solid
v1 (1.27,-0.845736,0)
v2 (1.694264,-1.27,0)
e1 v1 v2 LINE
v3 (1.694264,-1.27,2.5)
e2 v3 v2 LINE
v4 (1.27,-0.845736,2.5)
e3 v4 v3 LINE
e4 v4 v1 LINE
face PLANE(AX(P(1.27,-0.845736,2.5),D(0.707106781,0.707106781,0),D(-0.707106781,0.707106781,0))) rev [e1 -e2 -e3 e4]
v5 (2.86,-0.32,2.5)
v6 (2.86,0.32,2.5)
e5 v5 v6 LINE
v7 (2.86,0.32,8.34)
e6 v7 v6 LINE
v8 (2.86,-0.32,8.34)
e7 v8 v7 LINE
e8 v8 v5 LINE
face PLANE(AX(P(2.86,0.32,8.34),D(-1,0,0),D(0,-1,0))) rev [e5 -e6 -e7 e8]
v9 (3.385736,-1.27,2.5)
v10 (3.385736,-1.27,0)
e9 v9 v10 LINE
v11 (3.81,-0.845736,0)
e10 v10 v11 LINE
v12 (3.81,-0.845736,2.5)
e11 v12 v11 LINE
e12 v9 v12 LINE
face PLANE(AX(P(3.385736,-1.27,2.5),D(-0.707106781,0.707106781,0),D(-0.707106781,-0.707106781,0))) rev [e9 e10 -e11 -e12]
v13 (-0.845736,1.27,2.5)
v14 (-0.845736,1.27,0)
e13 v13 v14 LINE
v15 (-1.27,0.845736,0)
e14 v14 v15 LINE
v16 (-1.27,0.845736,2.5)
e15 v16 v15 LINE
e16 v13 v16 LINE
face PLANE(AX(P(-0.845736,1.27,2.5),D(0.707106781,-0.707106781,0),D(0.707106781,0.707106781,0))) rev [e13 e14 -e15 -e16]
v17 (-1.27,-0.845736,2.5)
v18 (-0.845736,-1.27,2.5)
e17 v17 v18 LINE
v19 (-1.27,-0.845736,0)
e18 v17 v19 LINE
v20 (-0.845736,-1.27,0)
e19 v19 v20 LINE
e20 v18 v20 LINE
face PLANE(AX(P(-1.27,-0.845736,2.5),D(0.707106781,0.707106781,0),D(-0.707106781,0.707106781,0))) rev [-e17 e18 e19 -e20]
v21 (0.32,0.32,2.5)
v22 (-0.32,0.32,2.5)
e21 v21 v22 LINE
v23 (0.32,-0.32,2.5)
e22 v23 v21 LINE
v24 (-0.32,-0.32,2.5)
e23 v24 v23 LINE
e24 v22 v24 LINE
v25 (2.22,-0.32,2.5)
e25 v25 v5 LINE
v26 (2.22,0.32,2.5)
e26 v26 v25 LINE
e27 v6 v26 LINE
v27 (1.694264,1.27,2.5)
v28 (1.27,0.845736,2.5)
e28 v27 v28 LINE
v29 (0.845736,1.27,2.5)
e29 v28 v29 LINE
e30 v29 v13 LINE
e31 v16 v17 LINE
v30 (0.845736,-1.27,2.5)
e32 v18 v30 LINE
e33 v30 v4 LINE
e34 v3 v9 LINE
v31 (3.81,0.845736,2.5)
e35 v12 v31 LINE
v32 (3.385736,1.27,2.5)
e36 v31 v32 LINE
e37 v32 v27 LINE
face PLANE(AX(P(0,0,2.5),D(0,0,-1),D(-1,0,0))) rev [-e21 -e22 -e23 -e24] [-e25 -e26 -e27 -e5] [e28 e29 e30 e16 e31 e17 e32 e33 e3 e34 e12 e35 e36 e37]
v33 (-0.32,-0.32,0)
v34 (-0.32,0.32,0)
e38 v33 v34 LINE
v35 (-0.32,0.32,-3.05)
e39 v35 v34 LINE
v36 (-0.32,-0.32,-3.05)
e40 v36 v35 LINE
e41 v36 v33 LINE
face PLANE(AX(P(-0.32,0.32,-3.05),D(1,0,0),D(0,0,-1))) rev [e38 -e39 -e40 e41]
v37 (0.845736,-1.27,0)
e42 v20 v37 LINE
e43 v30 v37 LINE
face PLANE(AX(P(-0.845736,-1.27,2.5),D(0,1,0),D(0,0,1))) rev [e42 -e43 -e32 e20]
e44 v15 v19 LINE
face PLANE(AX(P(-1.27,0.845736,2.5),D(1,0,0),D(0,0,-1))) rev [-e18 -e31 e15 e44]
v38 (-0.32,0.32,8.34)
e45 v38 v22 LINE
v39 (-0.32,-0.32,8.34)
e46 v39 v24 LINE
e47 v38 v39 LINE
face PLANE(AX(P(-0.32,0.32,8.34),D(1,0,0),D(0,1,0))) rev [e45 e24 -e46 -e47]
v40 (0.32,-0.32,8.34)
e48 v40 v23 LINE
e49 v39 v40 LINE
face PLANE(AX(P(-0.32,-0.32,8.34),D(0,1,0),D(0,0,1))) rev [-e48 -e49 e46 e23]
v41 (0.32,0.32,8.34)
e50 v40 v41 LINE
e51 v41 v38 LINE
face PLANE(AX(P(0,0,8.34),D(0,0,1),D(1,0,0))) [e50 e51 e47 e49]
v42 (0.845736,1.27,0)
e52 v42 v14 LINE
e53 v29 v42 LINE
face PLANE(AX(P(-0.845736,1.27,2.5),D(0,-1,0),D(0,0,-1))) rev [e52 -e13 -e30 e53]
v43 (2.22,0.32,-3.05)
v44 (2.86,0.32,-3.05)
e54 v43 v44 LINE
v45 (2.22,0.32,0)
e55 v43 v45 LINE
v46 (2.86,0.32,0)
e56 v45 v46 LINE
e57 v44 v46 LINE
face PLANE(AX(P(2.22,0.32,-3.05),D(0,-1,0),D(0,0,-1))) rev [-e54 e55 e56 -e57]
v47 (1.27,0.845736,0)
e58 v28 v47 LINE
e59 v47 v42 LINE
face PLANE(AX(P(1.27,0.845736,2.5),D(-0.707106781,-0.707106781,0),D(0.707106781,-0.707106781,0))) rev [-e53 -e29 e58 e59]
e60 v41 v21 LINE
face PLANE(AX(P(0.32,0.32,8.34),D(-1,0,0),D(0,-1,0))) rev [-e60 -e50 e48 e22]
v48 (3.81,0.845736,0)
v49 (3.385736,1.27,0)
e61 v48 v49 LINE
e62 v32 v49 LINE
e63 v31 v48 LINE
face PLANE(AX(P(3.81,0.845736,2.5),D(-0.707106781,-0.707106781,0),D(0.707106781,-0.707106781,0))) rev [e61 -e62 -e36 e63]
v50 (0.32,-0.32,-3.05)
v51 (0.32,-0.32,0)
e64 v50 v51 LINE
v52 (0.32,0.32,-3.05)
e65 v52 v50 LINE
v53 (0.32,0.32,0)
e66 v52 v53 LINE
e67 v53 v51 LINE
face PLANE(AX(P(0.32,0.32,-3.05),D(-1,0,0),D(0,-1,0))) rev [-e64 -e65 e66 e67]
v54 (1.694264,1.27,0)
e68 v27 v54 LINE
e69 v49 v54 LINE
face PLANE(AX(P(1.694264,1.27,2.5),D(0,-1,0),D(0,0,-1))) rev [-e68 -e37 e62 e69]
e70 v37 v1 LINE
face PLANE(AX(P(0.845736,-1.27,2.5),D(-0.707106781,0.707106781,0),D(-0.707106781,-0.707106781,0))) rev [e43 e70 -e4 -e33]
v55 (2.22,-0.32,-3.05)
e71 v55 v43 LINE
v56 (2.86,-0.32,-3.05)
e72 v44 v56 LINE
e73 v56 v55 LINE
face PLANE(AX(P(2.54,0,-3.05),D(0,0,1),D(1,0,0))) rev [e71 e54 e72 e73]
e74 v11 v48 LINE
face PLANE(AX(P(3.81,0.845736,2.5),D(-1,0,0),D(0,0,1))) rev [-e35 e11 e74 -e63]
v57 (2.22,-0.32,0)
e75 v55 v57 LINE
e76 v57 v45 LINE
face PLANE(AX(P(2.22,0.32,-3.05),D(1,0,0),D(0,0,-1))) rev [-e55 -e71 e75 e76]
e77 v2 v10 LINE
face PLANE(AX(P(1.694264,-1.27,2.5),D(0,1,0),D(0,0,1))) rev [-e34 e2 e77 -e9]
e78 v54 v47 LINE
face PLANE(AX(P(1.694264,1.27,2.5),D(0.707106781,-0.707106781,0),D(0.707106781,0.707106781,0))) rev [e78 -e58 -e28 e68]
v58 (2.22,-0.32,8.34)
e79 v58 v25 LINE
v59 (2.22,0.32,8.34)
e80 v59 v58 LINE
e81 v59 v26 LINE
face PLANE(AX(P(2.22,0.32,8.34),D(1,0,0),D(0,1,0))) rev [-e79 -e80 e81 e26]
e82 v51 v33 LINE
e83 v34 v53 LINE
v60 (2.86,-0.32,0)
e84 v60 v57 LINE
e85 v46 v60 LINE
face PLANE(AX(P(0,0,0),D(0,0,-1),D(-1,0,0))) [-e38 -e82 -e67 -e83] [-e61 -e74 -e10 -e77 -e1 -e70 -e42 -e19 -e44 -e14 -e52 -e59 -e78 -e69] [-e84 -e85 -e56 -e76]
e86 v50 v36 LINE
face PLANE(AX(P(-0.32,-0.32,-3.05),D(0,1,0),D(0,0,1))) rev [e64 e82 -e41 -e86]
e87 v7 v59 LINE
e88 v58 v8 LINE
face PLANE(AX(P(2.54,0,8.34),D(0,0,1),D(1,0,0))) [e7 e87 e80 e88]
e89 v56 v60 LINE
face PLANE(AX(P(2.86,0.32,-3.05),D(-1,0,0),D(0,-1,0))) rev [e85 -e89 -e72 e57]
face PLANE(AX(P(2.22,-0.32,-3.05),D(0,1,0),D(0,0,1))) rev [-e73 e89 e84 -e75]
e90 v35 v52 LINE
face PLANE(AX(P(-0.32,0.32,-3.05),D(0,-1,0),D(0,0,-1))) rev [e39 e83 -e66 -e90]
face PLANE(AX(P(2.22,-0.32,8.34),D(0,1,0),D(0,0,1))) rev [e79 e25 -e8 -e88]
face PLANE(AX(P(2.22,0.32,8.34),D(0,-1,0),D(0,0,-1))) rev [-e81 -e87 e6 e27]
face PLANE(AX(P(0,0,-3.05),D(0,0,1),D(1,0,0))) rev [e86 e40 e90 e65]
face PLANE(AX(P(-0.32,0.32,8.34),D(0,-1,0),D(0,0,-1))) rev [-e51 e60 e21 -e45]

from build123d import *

# Parameters (mm, degrees)
PEG_DEPTH      = 2.5
TAIL_BASE_W    = 0.64
TAIL_BASE_H    = 0.64
TAIL_DEPTH     = 3.05
HEAD_BASE_W    = 0.64
HEAD_BASE_H    = 0.64
HEAD_DEPTH     = 5.84
MULTIPLY_COUNT = 2
MULTIPLY_PITCH = 2.54


with BuildPart() as part:
    # peg base → peg (new body)
    with BuildSketch(Plane.XY):
        Polygon((0.845735931, -1.27), (1.27, -0.845735931), (1.27, 0.845735931), (0.845735931, 1.27), (-0.845735931, 1.27), (-1.27, 0.845735931), (-1.27, -0.845735931), (-0.845735931, -1.27), align=None)
    peg = extrude(amount=PEG_DEPTH)

    # tail base → tail (add)
    with BuildSketch(Plane(origin=(0, 0, 0), x_dir=(-1, 0, 0), z_dir=(0, 0, -1))):
        Rectangle(TAIL_BASE_W, TAIL_BASE_H)
    tail = extrude(amount=TAIL_DEPTH)

    # head base → head (add)
    with BuildSketch(Plane.XY.offset(2.5)):
        Rectangle(HEAD_BASE_W, HEAD_BASE_H)
    head = extrude(amount=HEAD_DEPTH)

    # multiply: peg, tail, head ×2
    with Locations(*[(i * MULTIPLY_PITCH, 0, 0) for i in range(1, MULTIPLY_COUNT)]):
        add(peg)
        add(tail)
        add(head)


solid = part.part
